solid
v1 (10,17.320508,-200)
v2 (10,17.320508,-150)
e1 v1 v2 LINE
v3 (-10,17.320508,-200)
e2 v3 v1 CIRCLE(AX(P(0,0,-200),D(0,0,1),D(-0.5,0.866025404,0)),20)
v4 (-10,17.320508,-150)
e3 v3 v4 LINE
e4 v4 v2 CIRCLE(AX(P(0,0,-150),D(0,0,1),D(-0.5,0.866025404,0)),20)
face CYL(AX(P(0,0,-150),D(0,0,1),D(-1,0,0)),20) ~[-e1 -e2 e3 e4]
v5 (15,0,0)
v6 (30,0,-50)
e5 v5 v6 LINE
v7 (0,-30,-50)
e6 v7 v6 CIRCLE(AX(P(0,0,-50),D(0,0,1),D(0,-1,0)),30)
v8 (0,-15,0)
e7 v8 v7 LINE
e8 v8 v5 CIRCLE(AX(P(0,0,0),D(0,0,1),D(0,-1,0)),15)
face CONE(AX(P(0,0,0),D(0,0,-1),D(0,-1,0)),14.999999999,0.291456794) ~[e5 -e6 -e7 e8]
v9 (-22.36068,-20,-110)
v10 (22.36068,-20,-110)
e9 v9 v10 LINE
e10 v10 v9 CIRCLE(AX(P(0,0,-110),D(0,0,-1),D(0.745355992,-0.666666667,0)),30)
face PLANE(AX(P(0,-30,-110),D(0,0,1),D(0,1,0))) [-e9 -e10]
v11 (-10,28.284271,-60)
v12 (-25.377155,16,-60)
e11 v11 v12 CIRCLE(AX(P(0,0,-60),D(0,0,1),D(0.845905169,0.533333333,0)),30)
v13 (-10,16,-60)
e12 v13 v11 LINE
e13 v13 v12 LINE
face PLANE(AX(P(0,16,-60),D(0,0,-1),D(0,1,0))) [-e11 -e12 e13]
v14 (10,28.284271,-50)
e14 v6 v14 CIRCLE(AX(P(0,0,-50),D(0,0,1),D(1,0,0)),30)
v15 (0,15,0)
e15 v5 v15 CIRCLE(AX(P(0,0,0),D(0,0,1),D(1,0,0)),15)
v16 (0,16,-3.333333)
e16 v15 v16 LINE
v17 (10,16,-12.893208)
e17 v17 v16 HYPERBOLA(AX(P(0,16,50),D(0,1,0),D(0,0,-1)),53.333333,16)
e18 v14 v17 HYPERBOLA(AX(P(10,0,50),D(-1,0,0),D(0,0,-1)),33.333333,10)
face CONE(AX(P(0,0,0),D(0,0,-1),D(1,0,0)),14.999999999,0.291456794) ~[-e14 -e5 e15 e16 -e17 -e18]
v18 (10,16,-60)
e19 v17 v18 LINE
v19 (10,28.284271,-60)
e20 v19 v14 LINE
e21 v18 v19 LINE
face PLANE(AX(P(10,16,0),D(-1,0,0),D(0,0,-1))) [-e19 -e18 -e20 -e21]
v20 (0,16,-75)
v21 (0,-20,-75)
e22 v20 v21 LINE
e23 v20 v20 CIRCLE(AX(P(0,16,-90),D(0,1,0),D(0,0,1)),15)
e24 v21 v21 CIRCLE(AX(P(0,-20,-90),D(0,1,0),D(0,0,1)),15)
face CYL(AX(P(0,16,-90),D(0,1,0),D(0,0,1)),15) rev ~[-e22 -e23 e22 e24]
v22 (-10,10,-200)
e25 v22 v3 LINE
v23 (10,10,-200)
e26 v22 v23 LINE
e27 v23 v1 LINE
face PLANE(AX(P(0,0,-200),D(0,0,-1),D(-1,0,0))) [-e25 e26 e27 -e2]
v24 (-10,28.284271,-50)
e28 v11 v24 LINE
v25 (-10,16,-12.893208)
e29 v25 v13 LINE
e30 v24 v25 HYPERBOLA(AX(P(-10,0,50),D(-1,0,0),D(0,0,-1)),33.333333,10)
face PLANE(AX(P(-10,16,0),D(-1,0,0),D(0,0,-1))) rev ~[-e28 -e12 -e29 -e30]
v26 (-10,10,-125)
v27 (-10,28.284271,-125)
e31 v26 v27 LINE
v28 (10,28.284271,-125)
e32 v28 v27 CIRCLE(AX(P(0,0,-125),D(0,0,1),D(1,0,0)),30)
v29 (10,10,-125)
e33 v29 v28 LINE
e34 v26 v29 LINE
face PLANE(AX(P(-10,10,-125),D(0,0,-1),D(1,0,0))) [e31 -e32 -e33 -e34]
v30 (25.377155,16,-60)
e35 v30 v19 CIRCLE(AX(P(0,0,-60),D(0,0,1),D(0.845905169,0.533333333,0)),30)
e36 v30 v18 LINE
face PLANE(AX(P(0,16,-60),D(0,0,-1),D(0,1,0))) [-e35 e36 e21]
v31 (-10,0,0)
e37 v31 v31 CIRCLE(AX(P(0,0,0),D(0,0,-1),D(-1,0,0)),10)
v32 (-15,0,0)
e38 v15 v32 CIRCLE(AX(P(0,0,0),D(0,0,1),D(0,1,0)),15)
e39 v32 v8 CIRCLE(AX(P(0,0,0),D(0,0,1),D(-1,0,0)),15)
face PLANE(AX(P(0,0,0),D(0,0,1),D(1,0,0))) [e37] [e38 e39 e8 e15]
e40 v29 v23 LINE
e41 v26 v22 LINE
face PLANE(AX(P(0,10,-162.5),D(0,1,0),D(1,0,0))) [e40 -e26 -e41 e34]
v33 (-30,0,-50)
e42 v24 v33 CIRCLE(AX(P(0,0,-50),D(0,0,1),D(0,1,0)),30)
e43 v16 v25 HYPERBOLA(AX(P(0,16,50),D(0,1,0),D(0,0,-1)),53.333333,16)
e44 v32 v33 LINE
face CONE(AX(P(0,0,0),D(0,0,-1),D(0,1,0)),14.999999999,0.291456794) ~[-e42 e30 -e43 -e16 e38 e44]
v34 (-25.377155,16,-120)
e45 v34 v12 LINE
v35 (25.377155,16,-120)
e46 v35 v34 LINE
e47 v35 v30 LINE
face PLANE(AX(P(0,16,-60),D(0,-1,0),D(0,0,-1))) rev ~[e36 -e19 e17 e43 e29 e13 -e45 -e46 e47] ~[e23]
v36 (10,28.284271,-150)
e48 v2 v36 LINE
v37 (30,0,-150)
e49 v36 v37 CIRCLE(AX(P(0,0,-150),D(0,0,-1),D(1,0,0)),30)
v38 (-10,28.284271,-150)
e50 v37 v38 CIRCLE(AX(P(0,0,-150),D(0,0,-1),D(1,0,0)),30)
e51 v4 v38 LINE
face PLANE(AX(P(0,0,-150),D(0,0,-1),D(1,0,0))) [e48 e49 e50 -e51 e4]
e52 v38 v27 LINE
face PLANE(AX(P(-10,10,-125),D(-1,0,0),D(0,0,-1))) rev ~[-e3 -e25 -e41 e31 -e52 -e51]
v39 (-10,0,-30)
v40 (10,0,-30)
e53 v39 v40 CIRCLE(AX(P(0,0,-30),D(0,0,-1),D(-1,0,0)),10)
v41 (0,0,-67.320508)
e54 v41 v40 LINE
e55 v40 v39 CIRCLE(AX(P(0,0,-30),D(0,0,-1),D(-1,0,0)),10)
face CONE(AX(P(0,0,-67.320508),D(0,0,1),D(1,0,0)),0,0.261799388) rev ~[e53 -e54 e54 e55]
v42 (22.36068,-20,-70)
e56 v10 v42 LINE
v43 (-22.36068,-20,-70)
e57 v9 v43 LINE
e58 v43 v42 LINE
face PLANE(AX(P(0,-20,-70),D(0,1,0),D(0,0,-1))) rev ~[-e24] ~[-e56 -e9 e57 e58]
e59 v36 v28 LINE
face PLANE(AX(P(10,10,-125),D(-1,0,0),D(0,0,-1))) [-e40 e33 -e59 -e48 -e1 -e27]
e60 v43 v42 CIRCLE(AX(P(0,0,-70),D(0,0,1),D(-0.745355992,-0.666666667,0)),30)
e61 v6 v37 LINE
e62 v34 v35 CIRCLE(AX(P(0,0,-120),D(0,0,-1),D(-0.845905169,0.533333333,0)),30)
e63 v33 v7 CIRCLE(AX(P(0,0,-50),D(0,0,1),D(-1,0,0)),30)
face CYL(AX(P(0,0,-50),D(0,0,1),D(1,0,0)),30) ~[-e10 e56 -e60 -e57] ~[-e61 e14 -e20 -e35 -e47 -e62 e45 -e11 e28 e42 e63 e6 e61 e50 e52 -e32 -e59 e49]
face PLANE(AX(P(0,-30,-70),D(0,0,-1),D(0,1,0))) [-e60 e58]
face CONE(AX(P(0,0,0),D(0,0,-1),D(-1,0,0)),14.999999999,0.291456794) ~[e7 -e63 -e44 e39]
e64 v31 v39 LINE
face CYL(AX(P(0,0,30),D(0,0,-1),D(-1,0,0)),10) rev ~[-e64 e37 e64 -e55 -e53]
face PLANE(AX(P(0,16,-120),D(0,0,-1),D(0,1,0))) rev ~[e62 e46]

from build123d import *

# Parameters (mm, degrees)
SKETCH2_R                           = 30
BOSS_EXTRUDE1_DEPTH                 = 50
SKETCH4_R                           = 30
BOSS_EXTRUDE4_DEPTH                 = 100
CUT_EXTRUDE3_REACH                  = 157.885
CUT_EXTRUDE3_END_RADIUS             = 30
SKETCH20_W                          = 60
SKETCH20_H                          = 14
SKETCH20_W_2                        = 40
SKETCH20_H_2                        = 10
CUT_EXTRUDE3_DIRECTION_2_REACH      = 157.885
CUT_EXTRUDE3_DIRECTION_2_END_RADIUS = 30
SKETCH8_R                           = 20
BOSS_EXTRUDE6_DEPTH                 = 50
CUT_EXTRUDE14_REACH                 = 209.403
CUT_EXTRUDE14_END_RADIUS            = 30
SKETCH22_W                          = 20
SKETCH22_H                          = 60
CUT_EXTRUDE16_REACH                 = 208.155
CUT_EXTRUDE16_END_RADIUS            = 30
SKETCH23_W                          = 20
SKETCH23_H                          = 75
V_0_377_DIAMETER_HOLE2_D            = 19.999999878
V_0_377_DIAMETER_HOLE2_DEPTH        = 30
V_0_377_DIAMETER_HOLE2_TIP          = 37.320507848
CUT_EXTRUDE17_REACH                 = 209.403
SKETCH26_R                          = 15


with BuildPart() as part:
    # Sketch2 → Boss-Extrude1 (new body)
    with BuildSketch(Plane.XY):
        Circle(SKETCH2_R)
    extrude(amount=-BOSS_EXTRUDE1_DEPTH)

    # Sketch4 → Boss-Extrude4 (add)
    with BuildSketch(Plane(origin=(0, 0, -50), x_dir=(-1, 0, 0), z_dir=(0, 0, -1))):
        with Locations(Location((0, 0, 0), (0, 0, 180))):
            Circle(SKETCH4_R)
    extrude(amount=BOSS_EXTRUDE4_DEPTH)

    # Cut-Sweep1: sweep along a curve in space
    with BuildLine() as cut_sweep1_path:
        ThreePointArc((30, 0, 0), (21.213203436, 21.213203436, 0), (0, 30, 0))
        ThreePointArc((0, 30, 0), (-21.213203436, 21.213203436, 0), (-30, 0, 0))
        ThreePointArc((-30, 0, 0), (-21.213203436, -21.213203436, 0), (0, -30, 0))
        ThreePointArc((0, -30, 0), (21.213203436, -21.213203436, 0), (30, 0, 0))
    # Sketch11 → Cut-Sweep1 (sweep, cut)
    with BuildSketch(Plane(origin=(0, 0, 0), x_dir=(0, 0, -1), z_dir=(1, 0, 0))):
        Polygon((0, 15), (50, 30), (0, 30), align=None)
    sweep(path=cut_sweep1_path.line, mode=Mode.SUBTRACT)

    # Cut-Extrude3: up to this cylinder (the profile starts inside it)
    cut_extrude3_end = Plane(origin=(0, 0, -90), z_dir=(0, 0, 1)) * Cylinder(CUT_EXTRUDE3_END_RADIUS, 376.77, mode=Mode.PRIVATE)
    # Sketch20 → Cut-Extrude3 (cut, up to the surface)
    with BuildSketch(Plane(origin=(0, 0, 0), x_dir=(0, 0, -1), z_dir=(1, 0, 0)), mode=Mode.PRIVATE) as cut_extrude3_sk1:
        with Locations((90, 23)):
            Rectangle(SKETCH20_W, SKETCH20_H)
    cut_extrude3_tool1 = extrude(cut_extrude3_sk1.sketch, amount=-CUT_EXTRUDE3_REACH, mode=Mode.PRIVATE) & cut_extrude3_end
    add(cut_extrude3_tool1.solids().sort_by_distance((0, 23, -90))[0], mode=Mode.SUBTRACT)
    # Sketch20 → Cut-Extrude3 (cut, up to the surface)
    with BuildSketch(Plane(origin=(0, 0, 0), x_dir=(0, 0, -1), z_dir=(1, 0, 0)), mode=Mode.PRIVATE) as cut_extrude3_sk2:
        with Locations((90, -25)):
            Rectangle(SKETCH20_W_2, SKETCH20_H_2)
    cut_extrude3_tool2 = extrude(cut_extrude3_sk2.sketch, amount=-CUT_EXTRUDE3_REACH, mode=Mode.PRIVATE) & cut_extrude3_end
    add(cut_extrude3_tool2.solids().sort_by_distance((0, -25, -90))[0], mode=Mode.SUBTRACT)

    # Cut-Extrude3 direction 2: up to this cylinder (the profile starts inside it)
    cut_extrude3_direction_2_end = Plane(origin=(0, 0, -90), z_dir=(0, 0, 1)) * Cylinder(CUT_EXTRUDE3_DIRECTION_2_END_RADIUS, 376.77, mode=Mode.PRIVATE)
    # Sketch20 → Cut-Extrude3 direction 2 (cut, up to the surface)
    with BuildSketch(Plane(origin=(0, 0, 0), x_dir=(0, 0, -1), z_dir=(1, 0, 0)), mode=Mode.PRIVATE) as cut_extrude3_direction_2_sk1:
        with Locations((90, 23)):
            Rectangle(SKETCH20_W, SKETCH20_H)
    cut_extrude3_direction_2_tool1 = extrude(cut_extrude3_direction_2_sk1.sketch, amount=CUT_EXTRUDE3_DIRECTION_2_REACH, mode=Mode.PRIVATE) & cut_extrude3_direction_2_end
    add(cut_extrude3_direction_2_tool1.solids().sort_by_distance((0, 23, -90))[0], mode=Mode.SUBTRACT)
    # Sketch20 → Cut-Extrude3 direction 2 (cut, up to the surface)
    with BuildSketch(Plane(origin=(0, 0, 0), x_dir=(0, 0, -1), z_dir=(1, 0, 0)), mode=Mode.PRIVATE) as cut_extrude3_direction_2_sk2:
        with Locations((90, -25)):
            Rectangle(SKETCH20_W_2, SKETCH20_H_2)
    cut_extrude3_direction_2_tool2 = extrude(cut_extrude3_direction_2_sk2.sketch, amount=CUT_EXTRUDE3_DIRECTION_2_REACH, mode=Mode.PRIVATE) & cut_extrude3_direction_2_end
    add(cut_extrude3_direction_2_tool2.solids().sort_by_distance((0, -25, -90))[0], mode=Mode.SUBTRACT)

    # Sketch8 → Boss-Extrude6 (add)
    with BuildSketch(Plane(origin=(0, 0, -150), x_dir=(-1, 0, 0), z_dir=(0, 0, -1))):
        Circle(SKETCH8_R)
    extrude(amount=BOSS_EXTRUDE6_DEPTH)

    # Cut-Extrude14: up to this cylinder (the profile starts inside it)
    cut_extrude14_end = Plane(origin=(0, 0, -30), z_dir=(0, 0, 1)) * Cylinder(CUT_EXTRUDE14_END_RADIUS, 479.806, mode=Mode.PRIVATE)
    # Sketch22 → Cut-Extrude14 (cut, up to the surface)
    with BuildSketch(Plane(origin=(0, 16, 0), x_dir=(1, 0, 0), z_dir=(0, 1, 0)), mode=Mode.PRIVATE) as cut_extrude14_sk1:
        with Locations((0, 30)):
            Rectangle(SKETCH22_W, SKETCH22_H)
    cut_extrude14_tool1 = extrude(cut_extrude14_sk1.sketch, amount=CUT_EXTRUDE14_REACH, mode=Mode.PRIVATE) & cut_extrude14_end
    add(cut_extrude14_tool1.solids().sort_by_distance((0, 16, -30))[0], mode=Mode.SUBTRACT)

    # Cut-Extrude16: up to this cylinder (the profile starts inside it)
    cut_extrude16_end = Plane(origin=(0, 0, -162.5), z_dir=(0, 0, 1)) * Cylinder(CUT_EXTRUDE16_END_RADIUS, 477.31, mode=Mode.PRIVATE)
    # Sketch23 → Cut-Extrude16 (cut, up to the surface)
    with BuildSketch(Plane(origin=(0, 10, 0), x_dir=(1, 0, 0), z_dir=(0, 1, 0)), mode=Mode.PRIVATE) as cut_extrude16_sk1:
        with Locations((0, 162.5)):
            Rectangle(SKETCH23_W, SKETCH23_H)
    cut_extrude16_tool1 = extrude(cut_extrude16_sk1.sketch, amount=CUT_EXTRUDE16_REACH, mode=Mode.PRIVATE) & cut_extrude16_end
    add(cut_extrude16_tool1.solids().sort_by_distance((0, 10, -162.5))[0], mode=Mode.SUBTRACT)

    # V (0.377) Diameter Hole2
    with Locations(Plane.XY):
        with Locations((0, 0)):
            Hole(V_0_377_DIAMETER_HOLE2_D / 2, depth=V_0_377_DIAMETER_HOLE2_DEPTH)
            with Locations((0, 0, -(V_0_377_DIAMETER_HOLE2_DEPTH + V_0_377_DIAMETER_HOLE2_TIP / 2))):  # 30° drill point
                Cone(0, V_0_377_DIAMETER_HOLE2_D / 2, V_0_377_DIAMETER_HOLE2_TIP, mode=Mode.SUBTRACT)

    # Sketch26 → Cut-Extrude17 (cut, up to next)
    with BuildSketch(Plane(origin=(0, 16, 0), x_dir=(1, 0, 0), z_dir=(0, 1, 0)), mode=Mode.PRIVATE) as cut_extrude17_sk1:
        with Locations(Location((0, 90, 0), (0, 0, 270))):
            Circle(SKETCH26_R)
    cut_extrude17_tool1 = extrude(cut_extrude17_sk1.sketch, amount=-CUT_EXTRUDE17_REACH, mode=Mode.PRIVATE) & part.part
    add(cut_extrude17_tool1.solids().sort_by_distance((0, 16, -90))[0], mode=Mode.SUBTRACT)


solid = part.part
